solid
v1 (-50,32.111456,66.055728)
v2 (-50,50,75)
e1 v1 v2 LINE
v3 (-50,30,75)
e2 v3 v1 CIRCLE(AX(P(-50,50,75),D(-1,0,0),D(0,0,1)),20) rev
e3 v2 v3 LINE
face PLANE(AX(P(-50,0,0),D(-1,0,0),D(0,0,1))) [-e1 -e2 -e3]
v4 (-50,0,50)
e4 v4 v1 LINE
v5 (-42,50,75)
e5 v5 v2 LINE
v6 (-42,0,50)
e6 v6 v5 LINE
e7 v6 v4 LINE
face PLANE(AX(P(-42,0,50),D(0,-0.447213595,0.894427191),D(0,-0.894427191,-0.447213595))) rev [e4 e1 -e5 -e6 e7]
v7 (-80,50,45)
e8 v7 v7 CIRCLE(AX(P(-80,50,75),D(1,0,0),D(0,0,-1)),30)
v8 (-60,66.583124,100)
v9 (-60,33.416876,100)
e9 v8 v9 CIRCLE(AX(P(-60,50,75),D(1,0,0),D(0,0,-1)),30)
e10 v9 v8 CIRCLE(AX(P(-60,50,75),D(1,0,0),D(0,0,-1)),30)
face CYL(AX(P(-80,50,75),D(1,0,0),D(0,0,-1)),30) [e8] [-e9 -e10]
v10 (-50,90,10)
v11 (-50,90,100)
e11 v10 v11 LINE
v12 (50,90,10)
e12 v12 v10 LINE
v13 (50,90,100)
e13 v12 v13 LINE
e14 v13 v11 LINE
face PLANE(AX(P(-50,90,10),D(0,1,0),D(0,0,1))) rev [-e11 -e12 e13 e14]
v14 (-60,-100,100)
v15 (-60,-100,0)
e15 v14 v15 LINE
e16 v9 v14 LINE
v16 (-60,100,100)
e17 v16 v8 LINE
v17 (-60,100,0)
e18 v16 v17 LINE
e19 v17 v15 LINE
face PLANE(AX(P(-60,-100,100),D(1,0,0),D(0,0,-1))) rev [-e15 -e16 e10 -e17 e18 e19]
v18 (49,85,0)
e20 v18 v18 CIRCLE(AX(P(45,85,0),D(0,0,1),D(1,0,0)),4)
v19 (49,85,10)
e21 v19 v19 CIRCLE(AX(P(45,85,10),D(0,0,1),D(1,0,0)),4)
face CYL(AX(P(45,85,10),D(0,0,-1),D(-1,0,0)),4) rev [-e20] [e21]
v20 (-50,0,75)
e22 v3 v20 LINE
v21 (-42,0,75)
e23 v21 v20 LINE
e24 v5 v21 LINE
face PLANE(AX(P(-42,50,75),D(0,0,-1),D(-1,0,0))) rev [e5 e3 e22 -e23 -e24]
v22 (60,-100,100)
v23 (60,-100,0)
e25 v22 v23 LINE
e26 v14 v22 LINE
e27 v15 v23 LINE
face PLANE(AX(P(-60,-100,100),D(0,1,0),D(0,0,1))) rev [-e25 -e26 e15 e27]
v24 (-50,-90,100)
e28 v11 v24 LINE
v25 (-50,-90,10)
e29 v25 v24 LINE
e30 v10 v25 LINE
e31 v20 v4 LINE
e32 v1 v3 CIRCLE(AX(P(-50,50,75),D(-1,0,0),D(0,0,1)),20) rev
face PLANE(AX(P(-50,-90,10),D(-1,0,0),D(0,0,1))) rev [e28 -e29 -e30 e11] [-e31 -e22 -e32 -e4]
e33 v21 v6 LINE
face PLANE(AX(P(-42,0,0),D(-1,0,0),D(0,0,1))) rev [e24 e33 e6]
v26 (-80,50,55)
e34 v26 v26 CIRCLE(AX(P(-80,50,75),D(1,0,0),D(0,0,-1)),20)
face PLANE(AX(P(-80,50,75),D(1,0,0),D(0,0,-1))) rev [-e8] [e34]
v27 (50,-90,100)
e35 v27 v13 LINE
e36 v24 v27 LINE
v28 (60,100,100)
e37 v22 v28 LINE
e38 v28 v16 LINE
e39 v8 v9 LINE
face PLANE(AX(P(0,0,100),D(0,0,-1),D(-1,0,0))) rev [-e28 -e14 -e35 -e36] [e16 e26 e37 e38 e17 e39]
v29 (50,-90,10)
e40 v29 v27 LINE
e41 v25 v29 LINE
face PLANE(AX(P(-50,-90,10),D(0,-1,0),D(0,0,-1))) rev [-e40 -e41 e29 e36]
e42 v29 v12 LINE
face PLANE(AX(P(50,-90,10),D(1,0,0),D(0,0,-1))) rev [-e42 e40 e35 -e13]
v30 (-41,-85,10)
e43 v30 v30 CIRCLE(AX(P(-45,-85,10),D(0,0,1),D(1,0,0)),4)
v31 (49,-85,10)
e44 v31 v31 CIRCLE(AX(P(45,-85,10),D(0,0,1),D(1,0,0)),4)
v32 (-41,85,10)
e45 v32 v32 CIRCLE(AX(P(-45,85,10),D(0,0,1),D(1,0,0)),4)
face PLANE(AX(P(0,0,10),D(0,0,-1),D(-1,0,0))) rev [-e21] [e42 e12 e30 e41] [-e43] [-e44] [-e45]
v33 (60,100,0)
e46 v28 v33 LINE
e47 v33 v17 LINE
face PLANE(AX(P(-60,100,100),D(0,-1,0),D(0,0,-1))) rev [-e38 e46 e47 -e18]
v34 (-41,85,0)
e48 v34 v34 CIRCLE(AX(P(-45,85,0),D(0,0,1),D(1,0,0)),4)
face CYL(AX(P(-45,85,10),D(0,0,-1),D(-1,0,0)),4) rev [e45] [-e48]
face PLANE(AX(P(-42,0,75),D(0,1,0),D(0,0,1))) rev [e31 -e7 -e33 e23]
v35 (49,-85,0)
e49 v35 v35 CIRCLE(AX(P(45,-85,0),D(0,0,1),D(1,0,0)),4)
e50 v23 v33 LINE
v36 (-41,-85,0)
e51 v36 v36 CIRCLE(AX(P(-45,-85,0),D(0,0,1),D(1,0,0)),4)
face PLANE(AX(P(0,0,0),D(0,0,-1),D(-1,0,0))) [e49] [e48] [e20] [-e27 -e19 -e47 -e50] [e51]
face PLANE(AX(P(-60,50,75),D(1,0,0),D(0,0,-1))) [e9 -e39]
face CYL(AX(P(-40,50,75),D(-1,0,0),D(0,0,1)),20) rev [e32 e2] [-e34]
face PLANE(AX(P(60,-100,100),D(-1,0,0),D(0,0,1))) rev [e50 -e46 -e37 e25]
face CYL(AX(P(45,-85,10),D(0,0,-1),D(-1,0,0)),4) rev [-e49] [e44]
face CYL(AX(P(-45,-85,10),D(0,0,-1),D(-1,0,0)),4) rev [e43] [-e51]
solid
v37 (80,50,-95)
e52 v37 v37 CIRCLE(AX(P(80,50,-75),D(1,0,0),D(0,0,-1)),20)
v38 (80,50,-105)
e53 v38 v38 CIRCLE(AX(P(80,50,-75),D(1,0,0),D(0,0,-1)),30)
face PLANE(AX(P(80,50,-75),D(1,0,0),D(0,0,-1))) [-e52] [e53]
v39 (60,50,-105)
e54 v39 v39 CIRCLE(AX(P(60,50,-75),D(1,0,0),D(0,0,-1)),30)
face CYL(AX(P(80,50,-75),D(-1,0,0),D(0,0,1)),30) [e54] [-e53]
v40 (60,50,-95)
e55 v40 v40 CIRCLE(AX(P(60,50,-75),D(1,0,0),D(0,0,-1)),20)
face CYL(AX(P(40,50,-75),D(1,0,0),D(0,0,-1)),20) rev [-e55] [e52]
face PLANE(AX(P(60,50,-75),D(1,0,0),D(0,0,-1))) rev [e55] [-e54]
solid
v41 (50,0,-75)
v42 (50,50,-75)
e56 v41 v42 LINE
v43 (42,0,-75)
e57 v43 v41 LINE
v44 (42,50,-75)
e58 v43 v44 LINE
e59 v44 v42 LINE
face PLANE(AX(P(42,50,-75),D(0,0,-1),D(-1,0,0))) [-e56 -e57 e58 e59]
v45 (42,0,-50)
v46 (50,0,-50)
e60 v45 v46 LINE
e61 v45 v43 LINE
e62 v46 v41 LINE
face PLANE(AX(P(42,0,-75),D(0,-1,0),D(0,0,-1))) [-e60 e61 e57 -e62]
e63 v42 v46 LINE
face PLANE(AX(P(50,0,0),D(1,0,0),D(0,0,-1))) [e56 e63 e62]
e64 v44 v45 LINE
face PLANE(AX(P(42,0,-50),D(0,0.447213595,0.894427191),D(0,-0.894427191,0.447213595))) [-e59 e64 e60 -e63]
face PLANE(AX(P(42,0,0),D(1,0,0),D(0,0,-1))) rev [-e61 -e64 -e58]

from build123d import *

# Parameters (mm, degrees)
SKETCH1_W           = 120
SKETCH1_H           = 200
BOSS_EXTRUDE1_DEPTH = 100
SKETCH2_W           = 100
SKETCH2_H           = 180
CUT_EXTRUDE1_DEPTH  = 90
SKETCH3_R           = 30
BOSS_EXTRUDE2_DEPTH = 20
SKETCH4_R           = 30
BOSS_EXTRUDE3_DEPTH = 20
SKETCH5_R           = 20
CUT_EXTRUDE2_DEPTH  = 40
SKETCH6_R           = 20
CUT_EXTRUDE3_DEPTH  = 40
BOSS_EXTRUDE4_DEPTH = 8
BOSS_EXTRUDE5_DEPTH = 8
SKETCH9_R           = 4
CUT_EXTRUDE4_DEPTH  = 10


with BuildPart() as part:
    # Sketch1 → Boss-Extrude1 (new body)
    with BuildSketch(Plane.XY):
        Rectangle(SKETCH1_W, SKETCH1_H)
    extrude(amount=BOSS_EXTRUDE1_DEPTH)

    # Sketch2 → Cut-Extrude1 (cut)
    with BuildSketch(Plane.XY.offset(100)):
        Rectangle(SKETCH2_W, SKETCH2_H)
    extrude(amount=-CUT_EXTRUDE1_DEPTH, mode=Mode.SUBTRACT)

    # Sketch3 → Boss-Extrude2 (add)
    with BuildSketch(Plane(origin=(-60, 0, 0), x_dir=(0, 0, -1), z_dir=(1, 0, 0))):
        with Locations((-75, 50)):
            Circle(SKETCH3_R)
    extrude(amount=-BOSS_EXTRUDE2_DEPTH)

    # Sketch5 → Cut-Extrude2 (cut)
    with BuildSketch(Plane(origin=(-80, 0, 0), x_dir=(0, 0, -1), z_dir=(1, 0, 0))):
        with Locations((-75, 50)):
            Circle(SKETCH5_R)
    extrude(amount=CUT_EXTRUDE2_DEPTH, mode=Mode.SUBTRACT)

    # Sketch7 → Boss-Extrude4 (add)
    with BuildSketch(Plane(origin=(-50, 0, 0), x_dir=(0, 0, -1), z_dir=(1, 0, 0))):
        Polygon((-75, 50), (-75, 0), (-50, 0), align=None)
    extrude(amount=BOSS_EXTRUDE4_DEPTH)

    # Sketch9 → Cut-Extrude4 (cut)
    with BuildSketch(Plane.XY):
        with Locations((45, 85)):
            Circle(SKETCH9_R)
        with Locations((-45, 85)):
            Circle(SKETCH9_R)
        with Locations((45, -85)):
            Circle(SKETCH9_R)
        with Locations((-45, -85)):
            Circle(SKETCH9_R)
    extrude(amount=CUT_EXTRUDE4_DEPTH, mode=Mode.SUBTRACT)


with BuildPart() as body_2:
    # Sketch4 → Boss-Extrude3 (new body)
    with BuildSketch(Plane(origin=(60, 0, 0), x_dir=(0, 0, -1), z_dir=(1, 0, 0))):
        with Locations((75, 50)):
            Circle(SKETCH4_R)
    extrude(amount=BOSS_EXTRUDE3_DEPTH)

    # Sketch6 → Cut-Extrude3 (cut)
    with BuildSketch(Plane(origin=(80, 0, 0), x_dir=(0, 0, -1), z_dir=(1, 0, 0))):
        with Locations((75, 50)):
            Circle(SKETCH6_R)
    extrude(amount=-CUT_EXTRUDE3_DEPTH, mode=Mode.SUBTRACT)


with BuildPart() as body_3:
    # Sketch8 → Boss-Extrude5 (new body)
    with BuildSketch(Plane(origin=(50, 0, 0), x_dir=(0, 0, -1), z_dir=(1, 0, 0))):
        Polygon((75, 50), (75, 0), (50, 0), align=None)
    extrude(amount=-BOSS_EXTRUDE5_DEPTH)


solid = Compound([part.part, body_2.part, body_3.part])
